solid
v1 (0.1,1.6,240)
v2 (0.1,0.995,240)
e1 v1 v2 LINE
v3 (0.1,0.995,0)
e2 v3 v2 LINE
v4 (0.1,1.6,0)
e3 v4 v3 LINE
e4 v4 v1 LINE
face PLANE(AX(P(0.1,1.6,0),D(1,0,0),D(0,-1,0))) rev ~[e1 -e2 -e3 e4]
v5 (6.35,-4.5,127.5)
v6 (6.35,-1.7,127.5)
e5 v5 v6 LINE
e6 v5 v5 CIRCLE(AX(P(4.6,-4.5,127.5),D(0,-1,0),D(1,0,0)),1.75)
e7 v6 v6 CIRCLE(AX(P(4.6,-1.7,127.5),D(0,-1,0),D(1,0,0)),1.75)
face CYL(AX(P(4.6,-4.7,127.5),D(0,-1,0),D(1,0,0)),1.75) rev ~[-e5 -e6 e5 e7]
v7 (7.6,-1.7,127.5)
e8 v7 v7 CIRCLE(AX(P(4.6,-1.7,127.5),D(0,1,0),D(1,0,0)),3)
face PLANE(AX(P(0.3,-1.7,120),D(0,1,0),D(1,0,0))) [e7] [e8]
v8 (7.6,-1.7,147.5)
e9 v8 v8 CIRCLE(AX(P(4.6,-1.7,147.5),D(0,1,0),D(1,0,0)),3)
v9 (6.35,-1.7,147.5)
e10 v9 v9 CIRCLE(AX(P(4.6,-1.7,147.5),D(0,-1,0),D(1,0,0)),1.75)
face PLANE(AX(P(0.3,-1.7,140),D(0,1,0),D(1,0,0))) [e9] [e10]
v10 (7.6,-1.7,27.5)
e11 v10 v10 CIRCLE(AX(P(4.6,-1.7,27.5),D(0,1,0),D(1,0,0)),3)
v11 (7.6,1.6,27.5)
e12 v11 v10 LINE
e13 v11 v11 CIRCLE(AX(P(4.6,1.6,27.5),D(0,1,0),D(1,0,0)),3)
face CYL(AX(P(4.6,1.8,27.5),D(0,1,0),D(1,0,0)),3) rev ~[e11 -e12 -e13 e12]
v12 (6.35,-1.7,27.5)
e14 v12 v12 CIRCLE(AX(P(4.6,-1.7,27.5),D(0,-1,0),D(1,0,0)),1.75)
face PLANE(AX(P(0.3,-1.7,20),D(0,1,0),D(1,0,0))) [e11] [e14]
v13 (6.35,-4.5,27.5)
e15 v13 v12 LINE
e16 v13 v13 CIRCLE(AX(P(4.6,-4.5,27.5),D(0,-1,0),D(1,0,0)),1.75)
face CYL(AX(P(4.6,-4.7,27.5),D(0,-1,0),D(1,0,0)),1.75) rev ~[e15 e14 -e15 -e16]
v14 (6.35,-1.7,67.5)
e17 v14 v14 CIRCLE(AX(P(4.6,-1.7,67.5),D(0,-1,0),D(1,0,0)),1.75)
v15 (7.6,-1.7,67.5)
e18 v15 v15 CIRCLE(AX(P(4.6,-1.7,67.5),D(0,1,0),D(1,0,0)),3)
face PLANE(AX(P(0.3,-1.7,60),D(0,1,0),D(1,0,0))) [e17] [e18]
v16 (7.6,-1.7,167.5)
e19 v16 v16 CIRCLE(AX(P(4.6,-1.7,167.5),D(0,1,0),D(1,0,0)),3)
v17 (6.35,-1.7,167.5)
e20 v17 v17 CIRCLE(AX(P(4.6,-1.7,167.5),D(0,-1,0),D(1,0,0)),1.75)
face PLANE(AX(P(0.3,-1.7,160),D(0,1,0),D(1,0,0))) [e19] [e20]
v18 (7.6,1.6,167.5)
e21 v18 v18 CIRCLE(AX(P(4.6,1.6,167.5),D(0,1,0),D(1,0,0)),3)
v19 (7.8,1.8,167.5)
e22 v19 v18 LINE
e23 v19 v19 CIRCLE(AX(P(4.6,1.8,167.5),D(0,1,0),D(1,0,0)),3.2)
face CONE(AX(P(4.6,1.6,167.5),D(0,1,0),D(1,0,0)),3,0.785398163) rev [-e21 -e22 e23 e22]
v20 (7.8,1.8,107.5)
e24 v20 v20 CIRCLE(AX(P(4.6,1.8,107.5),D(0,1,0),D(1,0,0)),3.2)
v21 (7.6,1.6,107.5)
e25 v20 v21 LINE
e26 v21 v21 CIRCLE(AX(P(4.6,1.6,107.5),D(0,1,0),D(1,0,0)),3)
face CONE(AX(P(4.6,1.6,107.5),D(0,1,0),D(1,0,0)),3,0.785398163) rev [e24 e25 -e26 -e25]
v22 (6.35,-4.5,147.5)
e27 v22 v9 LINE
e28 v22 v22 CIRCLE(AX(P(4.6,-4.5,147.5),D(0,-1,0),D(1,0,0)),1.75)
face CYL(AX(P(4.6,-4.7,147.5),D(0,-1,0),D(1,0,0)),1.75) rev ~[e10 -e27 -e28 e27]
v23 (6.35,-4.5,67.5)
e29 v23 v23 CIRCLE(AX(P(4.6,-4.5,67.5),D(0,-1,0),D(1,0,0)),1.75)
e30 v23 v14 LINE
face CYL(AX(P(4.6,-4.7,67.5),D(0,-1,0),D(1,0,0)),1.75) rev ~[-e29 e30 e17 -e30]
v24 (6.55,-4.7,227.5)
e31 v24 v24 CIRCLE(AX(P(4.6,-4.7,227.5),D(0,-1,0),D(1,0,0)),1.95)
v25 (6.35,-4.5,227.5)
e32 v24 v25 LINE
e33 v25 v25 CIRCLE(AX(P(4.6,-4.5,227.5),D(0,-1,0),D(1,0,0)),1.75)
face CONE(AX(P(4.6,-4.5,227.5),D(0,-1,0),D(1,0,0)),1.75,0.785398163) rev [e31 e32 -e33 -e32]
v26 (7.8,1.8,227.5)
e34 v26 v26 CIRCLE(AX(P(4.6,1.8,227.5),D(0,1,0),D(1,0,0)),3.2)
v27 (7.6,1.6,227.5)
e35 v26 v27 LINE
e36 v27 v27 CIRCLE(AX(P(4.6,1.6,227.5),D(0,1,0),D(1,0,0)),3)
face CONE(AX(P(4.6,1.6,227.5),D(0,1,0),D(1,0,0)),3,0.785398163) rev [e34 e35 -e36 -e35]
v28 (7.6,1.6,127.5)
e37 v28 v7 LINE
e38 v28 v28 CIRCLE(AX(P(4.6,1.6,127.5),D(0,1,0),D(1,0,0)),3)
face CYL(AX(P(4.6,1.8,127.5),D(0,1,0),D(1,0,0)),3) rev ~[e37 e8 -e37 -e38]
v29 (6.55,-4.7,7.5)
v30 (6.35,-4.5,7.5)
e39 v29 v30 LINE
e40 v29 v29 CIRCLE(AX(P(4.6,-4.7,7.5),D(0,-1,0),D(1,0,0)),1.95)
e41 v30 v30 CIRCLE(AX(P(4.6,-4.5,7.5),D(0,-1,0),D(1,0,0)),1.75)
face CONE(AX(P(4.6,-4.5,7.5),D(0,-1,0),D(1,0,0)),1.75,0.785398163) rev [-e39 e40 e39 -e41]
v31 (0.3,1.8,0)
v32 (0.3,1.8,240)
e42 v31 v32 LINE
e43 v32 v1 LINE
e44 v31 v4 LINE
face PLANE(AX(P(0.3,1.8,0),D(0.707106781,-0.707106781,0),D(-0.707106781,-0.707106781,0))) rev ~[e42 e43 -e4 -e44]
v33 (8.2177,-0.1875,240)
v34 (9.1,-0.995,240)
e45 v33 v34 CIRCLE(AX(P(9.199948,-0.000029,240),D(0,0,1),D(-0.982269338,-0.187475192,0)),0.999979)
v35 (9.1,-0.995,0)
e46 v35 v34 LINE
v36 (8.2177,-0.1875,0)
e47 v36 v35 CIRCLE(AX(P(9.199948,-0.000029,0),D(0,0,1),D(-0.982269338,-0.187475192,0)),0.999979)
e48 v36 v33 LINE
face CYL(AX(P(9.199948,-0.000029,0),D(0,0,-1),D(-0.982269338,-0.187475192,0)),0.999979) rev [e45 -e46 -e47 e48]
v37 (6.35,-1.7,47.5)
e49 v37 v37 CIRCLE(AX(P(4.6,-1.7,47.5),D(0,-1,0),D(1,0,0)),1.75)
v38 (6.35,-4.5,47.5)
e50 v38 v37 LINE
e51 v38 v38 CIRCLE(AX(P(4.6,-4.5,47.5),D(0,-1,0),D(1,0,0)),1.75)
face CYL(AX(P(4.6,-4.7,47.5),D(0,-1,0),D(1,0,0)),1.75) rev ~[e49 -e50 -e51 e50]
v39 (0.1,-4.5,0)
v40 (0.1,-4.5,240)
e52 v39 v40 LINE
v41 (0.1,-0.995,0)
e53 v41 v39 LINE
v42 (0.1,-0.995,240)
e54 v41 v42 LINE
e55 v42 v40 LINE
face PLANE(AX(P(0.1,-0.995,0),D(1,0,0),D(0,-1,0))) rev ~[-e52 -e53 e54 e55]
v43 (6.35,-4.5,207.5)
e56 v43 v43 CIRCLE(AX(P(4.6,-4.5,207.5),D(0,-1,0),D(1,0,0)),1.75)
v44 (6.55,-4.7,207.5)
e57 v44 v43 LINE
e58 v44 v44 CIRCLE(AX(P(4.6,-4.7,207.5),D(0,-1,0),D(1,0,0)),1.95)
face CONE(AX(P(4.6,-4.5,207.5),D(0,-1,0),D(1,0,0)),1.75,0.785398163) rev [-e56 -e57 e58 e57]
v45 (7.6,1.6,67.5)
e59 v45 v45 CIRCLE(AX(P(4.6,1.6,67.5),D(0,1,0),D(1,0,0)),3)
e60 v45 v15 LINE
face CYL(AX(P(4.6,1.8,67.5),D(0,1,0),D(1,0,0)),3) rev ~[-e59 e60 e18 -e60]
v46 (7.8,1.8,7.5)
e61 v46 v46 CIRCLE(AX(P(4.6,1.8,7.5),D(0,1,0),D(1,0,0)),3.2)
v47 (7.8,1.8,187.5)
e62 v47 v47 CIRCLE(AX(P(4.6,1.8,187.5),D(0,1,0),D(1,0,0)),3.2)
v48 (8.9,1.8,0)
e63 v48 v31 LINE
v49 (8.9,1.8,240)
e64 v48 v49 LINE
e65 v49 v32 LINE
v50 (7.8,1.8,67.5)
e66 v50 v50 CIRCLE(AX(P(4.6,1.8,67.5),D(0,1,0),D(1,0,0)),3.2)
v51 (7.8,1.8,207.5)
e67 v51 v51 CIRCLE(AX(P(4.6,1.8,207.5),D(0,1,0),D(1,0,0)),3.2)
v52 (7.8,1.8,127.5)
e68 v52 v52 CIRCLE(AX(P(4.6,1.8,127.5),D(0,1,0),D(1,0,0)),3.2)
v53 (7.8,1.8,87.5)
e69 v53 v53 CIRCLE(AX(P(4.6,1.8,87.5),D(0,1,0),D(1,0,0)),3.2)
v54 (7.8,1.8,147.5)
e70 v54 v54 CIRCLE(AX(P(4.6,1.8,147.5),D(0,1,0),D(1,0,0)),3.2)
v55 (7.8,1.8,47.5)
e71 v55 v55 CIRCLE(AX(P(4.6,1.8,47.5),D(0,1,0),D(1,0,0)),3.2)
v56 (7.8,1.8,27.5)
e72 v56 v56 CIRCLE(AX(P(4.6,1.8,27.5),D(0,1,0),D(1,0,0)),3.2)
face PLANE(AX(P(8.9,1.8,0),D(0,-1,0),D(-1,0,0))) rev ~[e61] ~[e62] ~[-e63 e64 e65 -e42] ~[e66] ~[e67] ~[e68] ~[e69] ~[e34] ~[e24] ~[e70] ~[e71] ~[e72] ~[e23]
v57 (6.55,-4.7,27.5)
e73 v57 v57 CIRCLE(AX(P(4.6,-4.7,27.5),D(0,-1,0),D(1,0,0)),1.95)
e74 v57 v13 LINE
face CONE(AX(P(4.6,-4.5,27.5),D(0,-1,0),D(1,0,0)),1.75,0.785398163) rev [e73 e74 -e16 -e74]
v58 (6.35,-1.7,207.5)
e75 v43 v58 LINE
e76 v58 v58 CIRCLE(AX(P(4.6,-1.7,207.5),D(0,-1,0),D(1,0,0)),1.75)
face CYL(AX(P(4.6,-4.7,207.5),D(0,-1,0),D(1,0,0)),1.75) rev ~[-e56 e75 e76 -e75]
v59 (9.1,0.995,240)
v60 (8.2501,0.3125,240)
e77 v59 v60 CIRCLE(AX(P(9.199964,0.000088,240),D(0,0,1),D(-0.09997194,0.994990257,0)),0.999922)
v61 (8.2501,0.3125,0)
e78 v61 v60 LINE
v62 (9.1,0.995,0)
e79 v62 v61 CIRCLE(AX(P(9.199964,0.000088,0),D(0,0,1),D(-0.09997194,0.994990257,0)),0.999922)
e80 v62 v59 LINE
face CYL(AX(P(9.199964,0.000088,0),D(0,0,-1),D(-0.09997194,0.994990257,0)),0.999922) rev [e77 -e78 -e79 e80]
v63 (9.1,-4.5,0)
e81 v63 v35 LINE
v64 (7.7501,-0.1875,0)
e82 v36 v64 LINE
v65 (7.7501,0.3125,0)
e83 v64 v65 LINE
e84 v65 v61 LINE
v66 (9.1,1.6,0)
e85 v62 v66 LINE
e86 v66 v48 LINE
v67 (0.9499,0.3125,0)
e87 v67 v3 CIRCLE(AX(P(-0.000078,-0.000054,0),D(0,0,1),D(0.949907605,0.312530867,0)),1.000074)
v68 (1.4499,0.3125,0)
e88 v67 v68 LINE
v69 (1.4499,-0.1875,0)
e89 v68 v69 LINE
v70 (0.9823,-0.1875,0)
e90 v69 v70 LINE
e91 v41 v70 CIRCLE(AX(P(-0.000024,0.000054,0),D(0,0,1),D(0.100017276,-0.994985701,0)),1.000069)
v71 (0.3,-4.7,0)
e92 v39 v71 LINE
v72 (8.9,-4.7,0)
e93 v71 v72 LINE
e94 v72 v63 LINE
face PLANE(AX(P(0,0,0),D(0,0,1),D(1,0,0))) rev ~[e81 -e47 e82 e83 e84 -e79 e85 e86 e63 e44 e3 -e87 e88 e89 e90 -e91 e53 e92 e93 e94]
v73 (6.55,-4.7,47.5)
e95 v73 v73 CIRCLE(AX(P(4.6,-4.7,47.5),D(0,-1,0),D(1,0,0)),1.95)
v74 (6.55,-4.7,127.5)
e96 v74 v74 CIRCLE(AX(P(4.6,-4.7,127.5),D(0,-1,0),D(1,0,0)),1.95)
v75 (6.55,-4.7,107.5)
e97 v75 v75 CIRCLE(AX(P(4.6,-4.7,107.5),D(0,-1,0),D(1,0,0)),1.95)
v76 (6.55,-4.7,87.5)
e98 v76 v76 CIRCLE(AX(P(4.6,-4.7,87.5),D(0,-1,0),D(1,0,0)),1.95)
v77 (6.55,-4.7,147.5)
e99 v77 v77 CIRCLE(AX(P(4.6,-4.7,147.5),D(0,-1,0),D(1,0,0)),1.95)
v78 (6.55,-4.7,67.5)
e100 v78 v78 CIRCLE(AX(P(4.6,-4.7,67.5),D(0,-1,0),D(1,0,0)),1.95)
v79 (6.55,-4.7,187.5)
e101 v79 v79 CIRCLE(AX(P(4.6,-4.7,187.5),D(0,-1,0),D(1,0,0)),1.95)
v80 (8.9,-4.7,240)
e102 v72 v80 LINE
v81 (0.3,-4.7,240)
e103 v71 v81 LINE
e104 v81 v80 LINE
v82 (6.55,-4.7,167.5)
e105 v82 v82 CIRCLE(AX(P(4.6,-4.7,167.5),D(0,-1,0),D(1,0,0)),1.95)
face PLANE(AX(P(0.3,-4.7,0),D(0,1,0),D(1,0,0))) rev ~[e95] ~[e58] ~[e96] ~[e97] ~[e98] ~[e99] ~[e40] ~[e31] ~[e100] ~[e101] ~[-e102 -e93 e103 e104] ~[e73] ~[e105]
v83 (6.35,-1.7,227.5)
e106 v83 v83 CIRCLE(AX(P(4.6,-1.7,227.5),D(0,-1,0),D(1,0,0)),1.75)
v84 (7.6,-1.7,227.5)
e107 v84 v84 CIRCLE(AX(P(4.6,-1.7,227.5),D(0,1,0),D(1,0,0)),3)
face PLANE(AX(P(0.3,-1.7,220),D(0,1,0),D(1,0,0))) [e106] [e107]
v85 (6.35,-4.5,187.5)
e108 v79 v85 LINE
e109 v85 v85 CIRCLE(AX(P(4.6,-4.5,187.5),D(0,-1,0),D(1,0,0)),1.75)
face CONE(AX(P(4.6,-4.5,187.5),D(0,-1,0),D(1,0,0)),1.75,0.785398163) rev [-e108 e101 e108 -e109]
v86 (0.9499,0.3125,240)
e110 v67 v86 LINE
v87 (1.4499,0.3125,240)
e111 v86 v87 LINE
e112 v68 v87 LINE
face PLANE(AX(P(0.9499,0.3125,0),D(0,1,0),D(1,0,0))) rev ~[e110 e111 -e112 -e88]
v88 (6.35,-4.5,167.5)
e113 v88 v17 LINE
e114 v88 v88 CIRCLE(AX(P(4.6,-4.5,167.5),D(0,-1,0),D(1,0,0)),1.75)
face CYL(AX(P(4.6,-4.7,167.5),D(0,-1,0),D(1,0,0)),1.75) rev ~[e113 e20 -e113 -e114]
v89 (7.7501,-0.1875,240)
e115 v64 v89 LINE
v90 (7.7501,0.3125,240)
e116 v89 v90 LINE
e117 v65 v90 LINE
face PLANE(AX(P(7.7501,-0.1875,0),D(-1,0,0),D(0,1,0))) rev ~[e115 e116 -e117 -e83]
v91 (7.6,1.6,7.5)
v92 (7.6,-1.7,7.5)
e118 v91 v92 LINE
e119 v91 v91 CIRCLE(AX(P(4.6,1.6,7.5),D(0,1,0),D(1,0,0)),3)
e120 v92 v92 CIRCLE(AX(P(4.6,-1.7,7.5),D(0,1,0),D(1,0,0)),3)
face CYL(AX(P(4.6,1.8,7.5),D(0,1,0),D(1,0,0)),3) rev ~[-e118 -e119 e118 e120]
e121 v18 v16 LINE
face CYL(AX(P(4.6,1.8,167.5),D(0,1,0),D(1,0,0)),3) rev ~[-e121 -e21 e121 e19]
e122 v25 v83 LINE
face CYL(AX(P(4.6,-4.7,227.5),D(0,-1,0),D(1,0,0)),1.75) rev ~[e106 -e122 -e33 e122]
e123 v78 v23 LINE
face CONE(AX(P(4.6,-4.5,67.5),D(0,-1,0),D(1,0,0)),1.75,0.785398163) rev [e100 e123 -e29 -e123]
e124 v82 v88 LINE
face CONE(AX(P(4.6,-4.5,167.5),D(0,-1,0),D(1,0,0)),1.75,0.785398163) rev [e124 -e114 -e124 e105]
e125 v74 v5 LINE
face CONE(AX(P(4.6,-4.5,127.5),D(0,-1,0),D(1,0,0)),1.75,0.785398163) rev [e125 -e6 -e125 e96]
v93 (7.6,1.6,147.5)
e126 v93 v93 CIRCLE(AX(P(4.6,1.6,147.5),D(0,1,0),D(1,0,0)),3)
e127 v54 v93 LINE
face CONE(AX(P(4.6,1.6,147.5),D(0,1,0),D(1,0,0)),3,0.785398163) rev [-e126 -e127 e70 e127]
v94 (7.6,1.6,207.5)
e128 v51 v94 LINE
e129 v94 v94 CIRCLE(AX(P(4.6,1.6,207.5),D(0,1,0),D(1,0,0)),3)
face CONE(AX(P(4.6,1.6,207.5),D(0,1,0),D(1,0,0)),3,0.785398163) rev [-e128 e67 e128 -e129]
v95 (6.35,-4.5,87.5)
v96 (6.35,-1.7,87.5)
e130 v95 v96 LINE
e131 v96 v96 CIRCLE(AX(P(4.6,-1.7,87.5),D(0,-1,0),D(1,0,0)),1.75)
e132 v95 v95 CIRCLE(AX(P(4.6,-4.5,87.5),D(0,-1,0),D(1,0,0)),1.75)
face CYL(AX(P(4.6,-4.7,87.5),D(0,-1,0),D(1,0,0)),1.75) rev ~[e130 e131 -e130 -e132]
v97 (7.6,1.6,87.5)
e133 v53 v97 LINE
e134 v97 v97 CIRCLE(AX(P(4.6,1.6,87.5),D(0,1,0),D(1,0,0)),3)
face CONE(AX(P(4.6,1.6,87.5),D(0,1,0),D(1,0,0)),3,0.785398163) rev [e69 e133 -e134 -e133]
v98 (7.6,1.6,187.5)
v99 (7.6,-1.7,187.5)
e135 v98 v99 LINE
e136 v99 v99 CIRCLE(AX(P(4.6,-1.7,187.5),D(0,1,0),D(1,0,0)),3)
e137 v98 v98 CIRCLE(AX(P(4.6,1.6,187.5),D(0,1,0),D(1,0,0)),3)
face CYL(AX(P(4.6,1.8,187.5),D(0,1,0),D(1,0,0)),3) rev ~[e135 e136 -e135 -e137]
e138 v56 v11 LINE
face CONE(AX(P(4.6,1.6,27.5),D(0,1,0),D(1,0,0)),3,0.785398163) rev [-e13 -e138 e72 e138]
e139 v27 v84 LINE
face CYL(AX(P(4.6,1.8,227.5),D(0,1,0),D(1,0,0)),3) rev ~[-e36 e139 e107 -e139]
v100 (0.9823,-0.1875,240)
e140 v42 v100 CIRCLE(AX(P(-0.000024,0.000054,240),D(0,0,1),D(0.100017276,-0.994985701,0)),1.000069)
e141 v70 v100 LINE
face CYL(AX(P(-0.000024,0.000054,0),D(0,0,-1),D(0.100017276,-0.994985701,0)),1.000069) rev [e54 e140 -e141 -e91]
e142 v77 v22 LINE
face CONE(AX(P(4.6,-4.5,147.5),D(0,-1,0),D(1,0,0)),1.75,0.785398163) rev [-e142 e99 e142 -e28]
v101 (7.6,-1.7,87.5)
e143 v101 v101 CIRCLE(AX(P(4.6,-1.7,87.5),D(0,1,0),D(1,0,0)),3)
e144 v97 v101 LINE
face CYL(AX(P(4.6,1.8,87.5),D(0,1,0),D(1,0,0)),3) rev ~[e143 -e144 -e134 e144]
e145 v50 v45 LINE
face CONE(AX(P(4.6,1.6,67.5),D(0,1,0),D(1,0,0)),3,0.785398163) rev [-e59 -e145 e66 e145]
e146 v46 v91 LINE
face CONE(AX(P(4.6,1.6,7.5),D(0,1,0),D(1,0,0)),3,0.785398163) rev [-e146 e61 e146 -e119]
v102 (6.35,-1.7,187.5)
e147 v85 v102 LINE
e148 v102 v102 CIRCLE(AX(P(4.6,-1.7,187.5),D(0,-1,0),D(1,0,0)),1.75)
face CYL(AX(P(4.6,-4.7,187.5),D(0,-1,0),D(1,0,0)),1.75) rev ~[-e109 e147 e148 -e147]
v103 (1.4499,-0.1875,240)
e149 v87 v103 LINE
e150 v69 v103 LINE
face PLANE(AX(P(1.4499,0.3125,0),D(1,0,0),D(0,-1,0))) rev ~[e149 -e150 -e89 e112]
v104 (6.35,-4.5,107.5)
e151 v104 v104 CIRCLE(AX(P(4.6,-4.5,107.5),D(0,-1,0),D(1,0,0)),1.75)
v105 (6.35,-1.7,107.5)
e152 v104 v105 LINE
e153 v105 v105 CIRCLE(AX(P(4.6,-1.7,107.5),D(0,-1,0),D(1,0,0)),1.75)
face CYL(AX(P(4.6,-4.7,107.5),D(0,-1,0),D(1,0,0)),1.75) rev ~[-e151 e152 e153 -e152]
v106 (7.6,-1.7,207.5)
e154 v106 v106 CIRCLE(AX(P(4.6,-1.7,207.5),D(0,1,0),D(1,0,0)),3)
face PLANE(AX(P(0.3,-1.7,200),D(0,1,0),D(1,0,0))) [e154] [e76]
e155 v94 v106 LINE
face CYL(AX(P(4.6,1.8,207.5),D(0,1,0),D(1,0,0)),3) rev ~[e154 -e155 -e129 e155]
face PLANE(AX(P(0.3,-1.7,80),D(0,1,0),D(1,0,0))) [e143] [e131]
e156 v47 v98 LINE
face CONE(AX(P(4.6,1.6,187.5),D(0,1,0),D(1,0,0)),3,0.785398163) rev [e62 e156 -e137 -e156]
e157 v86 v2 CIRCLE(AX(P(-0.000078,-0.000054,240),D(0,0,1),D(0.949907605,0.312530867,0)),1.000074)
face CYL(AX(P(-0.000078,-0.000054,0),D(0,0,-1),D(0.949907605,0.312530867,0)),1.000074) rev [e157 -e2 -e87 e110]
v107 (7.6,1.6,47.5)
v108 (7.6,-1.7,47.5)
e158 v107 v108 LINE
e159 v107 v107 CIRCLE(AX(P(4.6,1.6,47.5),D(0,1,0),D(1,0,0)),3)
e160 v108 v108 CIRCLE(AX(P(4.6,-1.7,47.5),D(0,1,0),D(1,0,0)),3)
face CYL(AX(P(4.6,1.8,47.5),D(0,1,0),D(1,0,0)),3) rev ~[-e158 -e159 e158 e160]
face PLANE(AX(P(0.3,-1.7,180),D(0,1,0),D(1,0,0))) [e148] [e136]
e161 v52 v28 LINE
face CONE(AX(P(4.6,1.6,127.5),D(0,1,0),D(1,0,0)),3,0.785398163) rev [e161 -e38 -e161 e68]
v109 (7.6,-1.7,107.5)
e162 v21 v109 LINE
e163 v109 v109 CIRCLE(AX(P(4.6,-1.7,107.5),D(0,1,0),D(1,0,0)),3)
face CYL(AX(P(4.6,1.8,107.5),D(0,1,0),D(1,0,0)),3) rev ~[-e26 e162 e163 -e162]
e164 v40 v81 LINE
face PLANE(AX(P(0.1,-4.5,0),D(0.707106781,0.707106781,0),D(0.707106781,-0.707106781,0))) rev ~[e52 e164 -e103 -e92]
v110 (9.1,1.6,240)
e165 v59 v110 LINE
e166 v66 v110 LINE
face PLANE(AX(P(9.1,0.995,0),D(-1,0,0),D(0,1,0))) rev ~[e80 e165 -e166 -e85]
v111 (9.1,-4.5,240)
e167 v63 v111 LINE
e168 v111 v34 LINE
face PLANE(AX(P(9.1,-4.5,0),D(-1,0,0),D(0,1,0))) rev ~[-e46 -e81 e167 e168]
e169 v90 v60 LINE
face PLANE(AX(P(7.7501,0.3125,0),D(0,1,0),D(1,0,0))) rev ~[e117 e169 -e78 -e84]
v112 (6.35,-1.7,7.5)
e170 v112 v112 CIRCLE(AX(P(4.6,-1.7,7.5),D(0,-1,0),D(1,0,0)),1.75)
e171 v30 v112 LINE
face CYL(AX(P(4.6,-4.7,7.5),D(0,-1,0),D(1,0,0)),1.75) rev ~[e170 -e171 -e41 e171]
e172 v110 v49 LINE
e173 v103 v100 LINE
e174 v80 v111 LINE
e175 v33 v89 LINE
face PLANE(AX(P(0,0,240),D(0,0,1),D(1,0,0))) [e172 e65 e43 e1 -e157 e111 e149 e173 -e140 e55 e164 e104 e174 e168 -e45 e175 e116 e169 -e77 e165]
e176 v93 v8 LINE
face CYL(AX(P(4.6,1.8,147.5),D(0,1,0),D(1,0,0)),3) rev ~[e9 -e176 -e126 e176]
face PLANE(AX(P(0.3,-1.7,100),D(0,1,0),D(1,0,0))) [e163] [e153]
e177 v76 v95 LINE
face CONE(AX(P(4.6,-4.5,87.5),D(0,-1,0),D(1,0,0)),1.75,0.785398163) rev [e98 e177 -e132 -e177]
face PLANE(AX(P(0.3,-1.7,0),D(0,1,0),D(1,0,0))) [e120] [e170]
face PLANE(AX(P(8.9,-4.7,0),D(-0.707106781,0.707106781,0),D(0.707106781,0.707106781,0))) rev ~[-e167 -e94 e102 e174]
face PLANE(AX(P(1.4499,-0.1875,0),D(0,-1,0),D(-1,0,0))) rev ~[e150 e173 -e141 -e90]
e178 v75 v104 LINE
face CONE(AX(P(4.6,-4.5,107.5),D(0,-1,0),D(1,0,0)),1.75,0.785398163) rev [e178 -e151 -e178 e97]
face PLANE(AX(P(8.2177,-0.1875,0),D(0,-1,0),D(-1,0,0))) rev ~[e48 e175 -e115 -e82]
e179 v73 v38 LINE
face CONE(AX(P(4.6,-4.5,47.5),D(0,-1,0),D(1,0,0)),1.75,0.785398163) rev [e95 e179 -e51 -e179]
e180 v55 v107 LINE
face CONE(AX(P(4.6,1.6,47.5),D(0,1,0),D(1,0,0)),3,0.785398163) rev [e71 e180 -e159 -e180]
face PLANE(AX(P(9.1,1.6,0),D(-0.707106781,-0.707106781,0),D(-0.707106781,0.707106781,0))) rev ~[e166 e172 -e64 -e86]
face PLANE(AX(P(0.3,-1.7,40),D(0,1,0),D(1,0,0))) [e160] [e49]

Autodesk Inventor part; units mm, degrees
ref_plane "YZ Plane" through (0, 0, 0) normal (1, 0, 0) x (0, 1, 0)
ref_plane "XZ Plane" through (0, 0, 0) normal (0, 1, 0) x (-1, 0, 0)
ref_plane "XY Plane" through (0, 0, 0) normal (0, 0, 1) x (1, 0, 0)
sketch "Эскиз1" plane through (0, 0, 0) normal (0, 0, 1) x (1, 0, 0)
  arc A0 (0.9499, 0.3125) -> (0.1, 0.995) centre (0, 0) ccw projected
  line L0 (0.9499, 0.3125) -> (1.4499, 0.3125) projected
  line L1 (1.4499, 0.3125) -> (1.4499, -0.1875) projected
  line L2 (1.4499, -0.1875) -> (0.9823, -0.1875) projected
  arc A1 (0.1, -0.995) -> (0.9823, -0.1875) centre (0, 0) ccw projected
  line L3 (0.1, -0.995) -> (0.1, -4.5) projected
  line L4 (0.1, -4.5) -> (0.3, -4.7) projected
  line L5 (0.3, -4.7) -> (8.9, -4.7) projected
  line L6 (8.9, -4.7) -> (9.1, -4.5) projected
  line L7 (9.1, -4.5) -> (9.1, -0.995) projected
  arc A2 (8.2177, -0.1875) -> (9.1, -0.995) centre (9.2, 0) ccw projected
  line L8 (8.2177, -0.1875) -> (7.7501, -0.1875) projected
  line L9 (7.7501, -0.1875) -> (7.7501, 0.3125) projected
  line L10 (7.7501, 0.3125) -> (8.2501, 0.3125) projected
  arc A3 (9.1, 0.995) -> (8.2501, 0.3125) centre (9.2, 0) ccw projected
  line L11 (9.1, 0.995) -> (9.1, 1.6) projected
  line L12 (9.1, 1.6) -> (8.9, 1.8) projected
  line L13 (8.9, 1.8) -> (0.3, 1.8) projected
  line L14 (0.3, 1.8) -> (0.1, 1.6) projected
  line L15 (0.1, 1.6) -> (0.1, 0.995) projected
extrude "Выдавливание1" add sketch "Эскиз1" along normal blind 240
sketch "Эскиз2" plane through (0.3, 1.8, 0) normal (0, 1, 0) x (1, 0, 0)
  line L0 (4.3, 0) -> (4.3, -40) construction
  circle A0 centre (4.3, -7.5) radius 3
  line L1 (8.6, 0) -> (0, 0) projected
  dimension "d3" = 6
  dimension "d25" = 7.5
extrude "Выдавливание2" cut sketch "Эскиз2" against normal blind 3.5
sketch "Эскиз3" plane through (0.3, -4.7, 0) normal (0, -1, 0) x (1, 0, 0)
  line L0 (0, 0) -> (8.6, 0) construction
  line L1 (4.3, 0) -> (4.3, 8.2468) construction
  circle A0 centre (4.3, 7.5) radius 1.75
  point P0 (-0.3, 0)
  dimension "d26" = 3.5
  dimension "d27" = 7.5
extrude "Выдавливание3" cut sketch "Эскиз3" against normal blind 5
chamfer "Фаска1" distance 0.2 angle 45 2 edges at (2.85, -4.7, 7.5) (1.6, 1.8, 7.5)
pattern_linear "Прямоуг.массив1" count 12 spacing 20 along (0, 0, 1) of "Выдавливание3", "Выдавливание2", "Фаска1"
properties part number "рельса_центр"
